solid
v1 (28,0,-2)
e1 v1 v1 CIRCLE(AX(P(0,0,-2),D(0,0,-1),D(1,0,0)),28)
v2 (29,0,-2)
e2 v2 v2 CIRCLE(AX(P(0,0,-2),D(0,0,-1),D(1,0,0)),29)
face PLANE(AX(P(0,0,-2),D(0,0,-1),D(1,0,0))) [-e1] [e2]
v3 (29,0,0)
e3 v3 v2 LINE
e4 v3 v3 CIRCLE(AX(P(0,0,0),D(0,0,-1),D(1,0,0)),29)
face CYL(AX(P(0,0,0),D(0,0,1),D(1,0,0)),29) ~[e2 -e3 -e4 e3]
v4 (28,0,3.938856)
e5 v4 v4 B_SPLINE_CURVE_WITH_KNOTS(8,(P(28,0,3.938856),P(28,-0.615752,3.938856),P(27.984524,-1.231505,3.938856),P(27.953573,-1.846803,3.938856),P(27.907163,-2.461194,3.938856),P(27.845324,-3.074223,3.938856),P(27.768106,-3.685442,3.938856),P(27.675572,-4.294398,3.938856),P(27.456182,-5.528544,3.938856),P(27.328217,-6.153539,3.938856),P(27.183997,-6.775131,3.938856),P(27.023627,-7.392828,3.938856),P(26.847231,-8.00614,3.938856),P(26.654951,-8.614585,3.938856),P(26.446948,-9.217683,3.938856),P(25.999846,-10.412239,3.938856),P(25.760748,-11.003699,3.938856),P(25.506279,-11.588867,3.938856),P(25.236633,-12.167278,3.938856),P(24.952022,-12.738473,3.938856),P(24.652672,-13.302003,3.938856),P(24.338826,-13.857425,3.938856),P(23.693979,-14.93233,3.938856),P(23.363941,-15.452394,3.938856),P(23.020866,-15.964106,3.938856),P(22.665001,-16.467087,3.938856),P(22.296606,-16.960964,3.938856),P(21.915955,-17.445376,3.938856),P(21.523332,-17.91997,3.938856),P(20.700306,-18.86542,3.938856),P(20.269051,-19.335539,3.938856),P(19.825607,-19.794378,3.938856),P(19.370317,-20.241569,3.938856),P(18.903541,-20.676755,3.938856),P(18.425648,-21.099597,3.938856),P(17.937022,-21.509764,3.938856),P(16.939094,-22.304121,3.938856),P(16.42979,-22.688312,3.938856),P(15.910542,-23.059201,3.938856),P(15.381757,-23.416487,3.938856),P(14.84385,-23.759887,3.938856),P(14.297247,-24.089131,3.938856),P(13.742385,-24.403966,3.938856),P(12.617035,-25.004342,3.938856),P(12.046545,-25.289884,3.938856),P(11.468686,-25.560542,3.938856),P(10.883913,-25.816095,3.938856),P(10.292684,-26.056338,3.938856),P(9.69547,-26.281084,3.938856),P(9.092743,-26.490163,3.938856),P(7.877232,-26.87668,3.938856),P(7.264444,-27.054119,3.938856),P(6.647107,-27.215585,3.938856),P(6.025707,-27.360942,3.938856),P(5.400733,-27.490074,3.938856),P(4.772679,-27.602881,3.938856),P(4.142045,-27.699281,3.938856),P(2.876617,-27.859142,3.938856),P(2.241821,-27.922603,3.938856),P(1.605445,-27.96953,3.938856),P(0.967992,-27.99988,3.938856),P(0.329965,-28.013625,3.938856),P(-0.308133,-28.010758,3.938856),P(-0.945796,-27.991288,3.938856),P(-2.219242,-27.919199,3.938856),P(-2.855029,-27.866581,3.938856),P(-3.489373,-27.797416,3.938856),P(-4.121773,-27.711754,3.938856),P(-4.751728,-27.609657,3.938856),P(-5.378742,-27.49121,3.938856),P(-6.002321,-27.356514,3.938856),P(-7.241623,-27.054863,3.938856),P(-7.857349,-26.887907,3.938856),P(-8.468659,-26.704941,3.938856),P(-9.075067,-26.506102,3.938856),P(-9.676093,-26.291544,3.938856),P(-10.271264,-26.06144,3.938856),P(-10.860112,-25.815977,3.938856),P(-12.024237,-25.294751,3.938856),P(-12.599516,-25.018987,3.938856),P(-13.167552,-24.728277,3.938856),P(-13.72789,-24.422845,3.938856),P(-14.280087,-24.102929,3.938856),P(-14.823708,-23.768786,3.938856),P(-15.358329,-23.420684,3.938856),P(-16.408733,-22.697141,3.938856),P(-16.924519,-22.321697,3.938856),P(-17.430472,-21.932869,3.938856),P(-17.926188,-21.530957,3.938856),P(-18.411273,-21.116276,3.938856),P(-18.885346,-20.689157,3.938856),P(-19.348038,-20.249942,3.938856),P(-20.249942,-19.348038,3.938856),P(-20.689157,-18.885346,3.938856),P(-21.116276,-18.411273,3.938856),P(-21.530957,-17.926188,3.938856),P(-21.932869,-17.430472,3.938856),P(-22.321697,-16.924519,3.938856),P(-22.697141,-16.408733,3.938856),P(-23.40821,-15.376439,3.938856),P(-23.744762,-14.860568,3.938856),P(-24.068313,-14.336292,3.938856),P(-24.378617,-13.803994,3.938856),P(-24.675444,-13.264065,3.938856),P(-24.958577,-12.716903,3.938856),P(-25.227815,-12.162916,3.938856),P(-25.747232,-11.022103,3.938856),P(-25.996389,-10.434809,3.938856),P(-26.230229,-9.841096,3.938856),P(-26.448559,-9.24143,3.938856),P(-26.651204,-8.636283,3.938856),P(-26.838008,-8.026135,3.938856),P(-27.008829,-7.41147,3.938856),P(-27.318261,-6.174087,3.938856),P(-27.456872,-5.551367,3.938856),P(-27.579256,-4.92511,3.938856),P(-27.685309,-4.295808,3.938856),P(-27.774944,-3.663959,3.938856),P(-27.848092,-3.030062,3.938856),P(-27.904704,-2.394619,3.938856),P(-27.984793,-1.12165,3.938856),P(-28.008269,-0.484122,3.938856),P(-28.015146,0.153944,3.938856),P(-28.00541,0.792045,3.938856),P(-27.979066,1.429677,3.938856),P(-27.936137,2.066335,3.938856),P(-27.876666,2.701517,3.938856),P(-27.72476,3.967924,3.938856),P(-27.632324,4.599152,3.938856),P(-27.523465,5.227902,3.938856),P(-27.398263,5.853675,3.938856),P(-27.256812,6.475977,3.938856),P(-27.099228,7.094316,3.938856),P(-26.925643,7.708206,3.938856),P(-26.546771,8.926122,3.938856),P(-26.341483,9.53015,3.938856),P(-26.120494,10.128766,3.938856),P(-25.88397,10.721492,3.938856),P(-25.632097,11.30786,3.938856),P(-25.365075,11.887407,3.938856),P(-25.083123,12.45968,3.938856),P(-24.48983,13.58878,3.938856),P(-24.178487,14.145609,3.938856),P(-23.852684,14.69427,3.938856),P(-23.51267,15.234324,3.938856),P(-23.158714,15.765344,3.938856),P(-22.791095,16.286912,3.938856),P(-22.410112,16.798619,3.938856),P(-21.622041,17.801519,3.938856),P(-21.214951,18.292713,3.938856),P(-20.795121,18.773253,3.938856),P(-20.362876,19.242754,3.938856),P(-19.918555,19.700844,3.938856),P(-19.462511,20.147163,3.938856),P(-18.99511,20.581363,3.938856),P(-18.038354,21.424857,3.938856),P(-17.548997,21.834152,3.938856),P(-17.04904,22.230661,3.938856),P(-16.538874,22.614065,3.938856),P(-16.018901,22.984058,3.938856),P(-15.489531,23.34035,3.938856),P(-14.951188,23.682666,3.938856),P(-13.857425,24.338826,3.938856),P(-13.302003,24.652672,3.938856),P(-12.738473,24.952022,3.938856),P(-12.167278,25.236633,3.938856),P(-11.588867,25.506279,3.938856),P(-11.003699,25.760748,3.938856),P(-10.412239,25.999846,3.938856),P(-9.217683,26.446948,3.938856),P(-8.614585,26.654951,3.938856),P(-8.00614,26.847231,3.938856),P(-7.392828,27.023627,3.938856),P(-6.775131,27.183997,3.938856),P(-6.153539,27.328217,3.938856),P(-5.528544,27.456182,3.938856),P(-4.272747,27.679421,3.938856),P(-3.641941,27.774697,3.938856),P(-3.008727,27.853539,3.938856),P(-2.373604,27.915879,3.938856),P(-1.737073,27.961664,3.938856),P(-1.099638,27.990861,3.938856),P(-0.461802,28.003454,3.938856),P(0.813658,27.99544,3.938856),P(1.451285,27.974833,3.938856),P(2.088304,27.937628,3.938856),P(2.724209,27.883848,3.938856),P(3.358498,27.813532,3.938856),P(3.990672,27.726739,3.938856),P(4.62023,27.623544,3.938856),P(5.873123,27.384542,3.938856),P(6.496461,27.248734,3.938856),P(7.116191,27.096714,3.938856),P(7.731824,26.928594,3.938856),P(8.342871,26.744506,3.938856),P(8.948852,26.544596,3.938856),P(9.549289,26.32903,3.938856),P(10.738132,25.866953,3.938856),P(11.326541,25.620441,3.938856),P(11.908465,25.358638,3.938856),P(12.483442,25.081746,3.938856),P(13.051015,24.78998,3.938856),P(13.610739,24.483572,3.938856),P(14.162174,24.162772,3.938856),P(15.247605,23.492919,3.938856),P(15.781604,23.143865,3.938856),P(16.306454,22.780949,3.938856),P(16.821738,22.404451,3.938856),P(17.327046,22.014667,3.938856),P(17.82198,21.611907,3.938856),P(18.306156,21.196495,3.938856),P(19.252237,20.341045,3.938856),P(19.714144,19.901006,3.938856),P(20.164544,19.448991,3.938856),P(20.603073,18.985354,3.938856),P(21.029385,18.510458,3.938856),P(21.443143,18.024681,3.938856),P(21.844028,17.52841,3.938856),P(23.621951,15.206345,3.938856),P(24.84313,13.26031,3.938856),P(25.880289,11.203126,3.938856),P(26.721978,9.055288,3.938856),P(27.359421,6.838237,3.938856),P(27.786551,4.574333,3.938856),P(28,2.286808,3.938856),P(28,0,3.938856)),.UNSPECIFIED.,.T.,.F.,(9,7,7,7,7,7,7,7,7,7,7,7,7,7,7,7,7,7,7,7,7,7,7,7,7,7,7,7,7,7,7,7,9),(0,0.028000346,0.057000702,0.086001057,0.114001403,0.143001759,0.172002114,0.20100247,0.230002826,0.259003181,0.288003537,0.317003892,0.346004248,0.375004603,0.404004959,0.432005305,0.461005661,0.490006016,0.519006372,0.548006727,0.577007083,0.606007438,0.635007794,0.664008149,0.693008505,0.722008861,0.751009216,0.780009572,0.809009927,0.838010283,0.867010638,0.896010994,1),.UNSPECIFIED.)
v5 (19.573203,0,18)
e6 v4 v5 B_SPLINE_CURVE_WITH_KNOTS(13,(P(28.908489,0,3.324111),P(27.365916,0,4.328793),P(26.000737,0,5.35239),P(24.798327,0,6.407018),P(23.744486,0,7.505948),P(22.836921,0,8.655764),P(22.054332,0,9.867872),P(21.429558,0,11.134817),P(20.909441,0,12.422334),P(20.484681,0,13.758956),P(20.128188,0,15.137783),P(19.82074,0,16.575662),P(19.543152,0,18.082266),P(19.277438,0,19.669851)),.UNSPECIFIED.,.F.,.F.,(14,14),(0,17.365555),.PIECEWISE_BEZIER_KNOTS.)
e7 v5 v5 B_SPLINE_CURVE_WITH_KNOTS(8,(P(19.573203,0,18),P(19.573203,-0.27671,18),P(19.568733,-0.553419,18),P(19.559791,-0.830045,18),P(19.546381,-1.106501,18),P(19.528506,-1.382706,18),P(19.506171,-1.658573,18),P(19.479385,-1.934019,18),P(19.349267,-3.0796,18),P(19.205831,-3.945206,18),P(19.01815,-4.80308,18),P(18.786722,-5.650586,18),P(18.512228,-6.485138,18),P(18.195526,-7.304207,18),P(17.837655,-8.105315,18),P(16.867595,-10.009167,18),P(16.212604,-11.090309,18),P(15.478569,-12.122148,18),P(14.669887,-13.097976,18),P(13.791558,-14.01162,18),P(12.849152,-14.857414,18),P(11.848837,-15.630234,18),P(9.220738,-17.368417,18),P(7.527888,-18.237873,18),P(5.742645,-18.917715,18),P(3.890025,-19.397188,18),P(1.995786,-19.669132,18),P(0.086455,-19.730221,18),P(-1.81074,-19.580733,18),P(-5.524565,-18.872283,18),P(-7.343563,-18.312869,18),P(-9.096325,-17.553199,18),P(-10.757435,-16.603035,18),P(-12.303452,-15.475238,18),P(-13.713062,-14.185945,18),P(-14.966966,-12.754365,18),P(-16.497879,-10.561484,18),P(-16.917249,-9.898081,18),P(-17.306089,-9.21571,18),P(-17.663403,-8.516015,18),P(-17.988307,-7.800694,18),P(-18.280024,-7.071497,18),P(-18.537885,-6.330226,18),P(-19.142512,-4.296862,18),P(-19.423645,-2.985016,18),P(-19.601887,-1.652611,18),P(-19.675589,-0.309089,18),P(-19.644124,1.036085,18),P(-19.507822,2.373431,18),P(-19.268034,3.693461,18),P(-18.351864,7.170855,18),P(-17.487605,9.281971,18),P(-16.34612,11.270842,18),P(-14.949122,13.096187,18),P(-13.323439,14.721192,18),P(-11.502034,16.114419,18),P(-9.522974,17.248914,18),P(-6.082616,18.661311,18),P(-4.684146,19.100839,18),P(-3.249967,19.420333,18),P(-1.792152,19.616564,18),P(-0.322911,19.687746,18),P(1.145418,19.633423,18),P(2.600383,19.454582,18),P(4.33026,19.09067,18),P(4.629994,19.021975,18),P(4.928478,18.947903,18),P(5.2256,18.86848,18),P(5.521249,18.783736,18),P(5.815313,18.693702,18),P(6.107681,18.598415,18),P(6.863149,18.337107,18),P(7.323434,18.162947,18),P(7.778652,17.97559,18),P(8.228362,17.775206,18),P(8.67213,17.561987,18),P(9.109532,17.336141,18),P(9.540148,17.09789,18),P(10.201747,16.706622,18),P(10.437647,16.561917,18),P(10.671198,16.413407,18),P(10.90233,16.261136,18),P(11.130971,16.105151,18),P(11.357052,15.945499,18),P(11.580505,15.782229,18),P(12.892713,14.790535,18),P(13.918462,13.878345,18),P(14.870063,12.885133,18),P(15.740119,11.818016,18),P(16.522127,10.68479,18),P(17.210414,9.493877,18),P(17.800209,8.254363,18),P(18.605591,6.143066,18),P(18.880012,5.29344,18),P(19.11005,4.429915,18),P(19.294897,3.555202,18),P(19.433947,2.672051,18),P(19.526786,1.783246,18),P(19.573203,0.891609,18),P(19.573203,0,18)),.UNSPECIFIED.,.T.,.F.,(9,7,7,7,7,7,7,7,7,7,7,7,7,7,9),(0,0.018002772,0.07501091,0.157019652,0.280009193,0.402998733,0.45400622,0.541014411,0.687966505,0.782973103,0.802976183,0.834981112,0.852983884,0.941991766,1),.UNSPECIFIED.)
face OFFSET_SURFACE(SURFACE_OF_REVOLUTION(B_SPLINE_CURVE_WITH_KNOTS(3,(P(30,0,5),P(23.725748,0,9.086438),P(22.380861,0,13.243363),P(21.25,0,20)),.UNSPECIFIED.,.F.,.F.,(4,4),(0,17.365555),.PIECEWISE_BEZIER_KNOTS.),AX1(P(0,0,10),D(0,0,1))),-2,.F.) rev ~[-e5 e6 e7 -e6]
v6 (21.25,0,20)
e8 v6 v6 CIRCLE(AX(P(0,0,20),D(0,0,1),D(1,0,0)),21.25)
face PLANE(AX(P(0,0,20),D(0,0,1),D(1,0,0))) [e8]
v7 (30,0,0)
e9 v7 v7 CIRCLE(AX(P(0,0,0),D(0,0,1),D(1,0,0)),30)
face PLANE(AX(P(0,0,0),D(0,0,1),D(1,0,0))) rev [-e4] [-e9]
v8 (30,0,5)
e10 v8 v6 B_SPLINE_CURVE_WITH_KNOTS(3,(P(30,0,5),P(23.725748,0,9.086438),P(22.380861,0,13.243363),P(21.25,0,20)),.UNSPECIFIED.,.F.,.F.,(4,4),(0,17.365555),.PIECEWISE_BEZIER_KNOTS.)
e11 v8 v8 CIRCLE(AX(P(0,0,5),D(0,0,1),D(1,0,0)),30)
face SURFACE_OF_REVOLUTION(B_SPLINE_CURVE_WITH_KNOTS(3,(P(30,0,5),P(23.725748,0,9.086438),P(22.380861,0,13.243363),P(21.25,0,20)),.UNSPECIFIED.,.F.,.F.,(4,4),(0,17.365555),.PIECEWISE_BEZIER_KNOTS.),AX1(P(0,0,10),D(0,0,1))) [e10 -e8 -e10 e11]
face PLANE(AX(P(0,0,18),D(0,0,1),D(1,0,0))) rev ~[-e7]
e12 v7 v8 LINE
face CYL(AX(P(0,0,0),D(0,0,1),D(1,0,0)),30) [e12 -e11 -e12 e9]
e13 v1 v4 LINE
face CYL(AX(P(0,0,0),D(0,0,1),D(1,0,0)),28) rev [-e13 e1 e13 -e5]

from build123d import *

# Parameters (mm, degrees)
F2_T     = -2
F3_R     = 29
F3_R_2   = 28
F4_DEPTH = 2


with BuildPart() as f1:
    # F0 (on Front) → F1 (revolve)
    with BuildSketch(Plane.XZ):
        with BuildLine():
            Line((0, 20), (0, 0))
            Line((0, 0), (30, 0))
            Line((30, 0), (30, 5))
            add(Edge.make_bspline(
                [(30, 5), (23.725748, 9.086438), (22.380861, 13.243363), (21.25, 20)],
                knots=[0, 0, 0, 0, 17.365555, 17.365555, 17.365555, 17.365555], degree=3))
            Line((21.25, 20), (0, 20))
        make_face()
    revolve(axis=Axis((0, 0, 10), (0, 0, 1)))

    # F2
    f2_openings = [f1.faces().sort_by_distance(p)[0] for p in [
        (0, 0, 0),
    ]]
    offset(amount=F2_T, openings=f2_openings)

    # F3 (on face) → F4 (join)
    with BuildSketch(Plane(origin=(0, 0, 0), x_dir=(1, 0, 0), z_dir=(0, 0, -1))):
        Circle(F3_R)
        Circle(F3_R_2, mode=Mode.SUBTRACT)
    extrude(amount=F4_DEPTH)


solid = f1.part
